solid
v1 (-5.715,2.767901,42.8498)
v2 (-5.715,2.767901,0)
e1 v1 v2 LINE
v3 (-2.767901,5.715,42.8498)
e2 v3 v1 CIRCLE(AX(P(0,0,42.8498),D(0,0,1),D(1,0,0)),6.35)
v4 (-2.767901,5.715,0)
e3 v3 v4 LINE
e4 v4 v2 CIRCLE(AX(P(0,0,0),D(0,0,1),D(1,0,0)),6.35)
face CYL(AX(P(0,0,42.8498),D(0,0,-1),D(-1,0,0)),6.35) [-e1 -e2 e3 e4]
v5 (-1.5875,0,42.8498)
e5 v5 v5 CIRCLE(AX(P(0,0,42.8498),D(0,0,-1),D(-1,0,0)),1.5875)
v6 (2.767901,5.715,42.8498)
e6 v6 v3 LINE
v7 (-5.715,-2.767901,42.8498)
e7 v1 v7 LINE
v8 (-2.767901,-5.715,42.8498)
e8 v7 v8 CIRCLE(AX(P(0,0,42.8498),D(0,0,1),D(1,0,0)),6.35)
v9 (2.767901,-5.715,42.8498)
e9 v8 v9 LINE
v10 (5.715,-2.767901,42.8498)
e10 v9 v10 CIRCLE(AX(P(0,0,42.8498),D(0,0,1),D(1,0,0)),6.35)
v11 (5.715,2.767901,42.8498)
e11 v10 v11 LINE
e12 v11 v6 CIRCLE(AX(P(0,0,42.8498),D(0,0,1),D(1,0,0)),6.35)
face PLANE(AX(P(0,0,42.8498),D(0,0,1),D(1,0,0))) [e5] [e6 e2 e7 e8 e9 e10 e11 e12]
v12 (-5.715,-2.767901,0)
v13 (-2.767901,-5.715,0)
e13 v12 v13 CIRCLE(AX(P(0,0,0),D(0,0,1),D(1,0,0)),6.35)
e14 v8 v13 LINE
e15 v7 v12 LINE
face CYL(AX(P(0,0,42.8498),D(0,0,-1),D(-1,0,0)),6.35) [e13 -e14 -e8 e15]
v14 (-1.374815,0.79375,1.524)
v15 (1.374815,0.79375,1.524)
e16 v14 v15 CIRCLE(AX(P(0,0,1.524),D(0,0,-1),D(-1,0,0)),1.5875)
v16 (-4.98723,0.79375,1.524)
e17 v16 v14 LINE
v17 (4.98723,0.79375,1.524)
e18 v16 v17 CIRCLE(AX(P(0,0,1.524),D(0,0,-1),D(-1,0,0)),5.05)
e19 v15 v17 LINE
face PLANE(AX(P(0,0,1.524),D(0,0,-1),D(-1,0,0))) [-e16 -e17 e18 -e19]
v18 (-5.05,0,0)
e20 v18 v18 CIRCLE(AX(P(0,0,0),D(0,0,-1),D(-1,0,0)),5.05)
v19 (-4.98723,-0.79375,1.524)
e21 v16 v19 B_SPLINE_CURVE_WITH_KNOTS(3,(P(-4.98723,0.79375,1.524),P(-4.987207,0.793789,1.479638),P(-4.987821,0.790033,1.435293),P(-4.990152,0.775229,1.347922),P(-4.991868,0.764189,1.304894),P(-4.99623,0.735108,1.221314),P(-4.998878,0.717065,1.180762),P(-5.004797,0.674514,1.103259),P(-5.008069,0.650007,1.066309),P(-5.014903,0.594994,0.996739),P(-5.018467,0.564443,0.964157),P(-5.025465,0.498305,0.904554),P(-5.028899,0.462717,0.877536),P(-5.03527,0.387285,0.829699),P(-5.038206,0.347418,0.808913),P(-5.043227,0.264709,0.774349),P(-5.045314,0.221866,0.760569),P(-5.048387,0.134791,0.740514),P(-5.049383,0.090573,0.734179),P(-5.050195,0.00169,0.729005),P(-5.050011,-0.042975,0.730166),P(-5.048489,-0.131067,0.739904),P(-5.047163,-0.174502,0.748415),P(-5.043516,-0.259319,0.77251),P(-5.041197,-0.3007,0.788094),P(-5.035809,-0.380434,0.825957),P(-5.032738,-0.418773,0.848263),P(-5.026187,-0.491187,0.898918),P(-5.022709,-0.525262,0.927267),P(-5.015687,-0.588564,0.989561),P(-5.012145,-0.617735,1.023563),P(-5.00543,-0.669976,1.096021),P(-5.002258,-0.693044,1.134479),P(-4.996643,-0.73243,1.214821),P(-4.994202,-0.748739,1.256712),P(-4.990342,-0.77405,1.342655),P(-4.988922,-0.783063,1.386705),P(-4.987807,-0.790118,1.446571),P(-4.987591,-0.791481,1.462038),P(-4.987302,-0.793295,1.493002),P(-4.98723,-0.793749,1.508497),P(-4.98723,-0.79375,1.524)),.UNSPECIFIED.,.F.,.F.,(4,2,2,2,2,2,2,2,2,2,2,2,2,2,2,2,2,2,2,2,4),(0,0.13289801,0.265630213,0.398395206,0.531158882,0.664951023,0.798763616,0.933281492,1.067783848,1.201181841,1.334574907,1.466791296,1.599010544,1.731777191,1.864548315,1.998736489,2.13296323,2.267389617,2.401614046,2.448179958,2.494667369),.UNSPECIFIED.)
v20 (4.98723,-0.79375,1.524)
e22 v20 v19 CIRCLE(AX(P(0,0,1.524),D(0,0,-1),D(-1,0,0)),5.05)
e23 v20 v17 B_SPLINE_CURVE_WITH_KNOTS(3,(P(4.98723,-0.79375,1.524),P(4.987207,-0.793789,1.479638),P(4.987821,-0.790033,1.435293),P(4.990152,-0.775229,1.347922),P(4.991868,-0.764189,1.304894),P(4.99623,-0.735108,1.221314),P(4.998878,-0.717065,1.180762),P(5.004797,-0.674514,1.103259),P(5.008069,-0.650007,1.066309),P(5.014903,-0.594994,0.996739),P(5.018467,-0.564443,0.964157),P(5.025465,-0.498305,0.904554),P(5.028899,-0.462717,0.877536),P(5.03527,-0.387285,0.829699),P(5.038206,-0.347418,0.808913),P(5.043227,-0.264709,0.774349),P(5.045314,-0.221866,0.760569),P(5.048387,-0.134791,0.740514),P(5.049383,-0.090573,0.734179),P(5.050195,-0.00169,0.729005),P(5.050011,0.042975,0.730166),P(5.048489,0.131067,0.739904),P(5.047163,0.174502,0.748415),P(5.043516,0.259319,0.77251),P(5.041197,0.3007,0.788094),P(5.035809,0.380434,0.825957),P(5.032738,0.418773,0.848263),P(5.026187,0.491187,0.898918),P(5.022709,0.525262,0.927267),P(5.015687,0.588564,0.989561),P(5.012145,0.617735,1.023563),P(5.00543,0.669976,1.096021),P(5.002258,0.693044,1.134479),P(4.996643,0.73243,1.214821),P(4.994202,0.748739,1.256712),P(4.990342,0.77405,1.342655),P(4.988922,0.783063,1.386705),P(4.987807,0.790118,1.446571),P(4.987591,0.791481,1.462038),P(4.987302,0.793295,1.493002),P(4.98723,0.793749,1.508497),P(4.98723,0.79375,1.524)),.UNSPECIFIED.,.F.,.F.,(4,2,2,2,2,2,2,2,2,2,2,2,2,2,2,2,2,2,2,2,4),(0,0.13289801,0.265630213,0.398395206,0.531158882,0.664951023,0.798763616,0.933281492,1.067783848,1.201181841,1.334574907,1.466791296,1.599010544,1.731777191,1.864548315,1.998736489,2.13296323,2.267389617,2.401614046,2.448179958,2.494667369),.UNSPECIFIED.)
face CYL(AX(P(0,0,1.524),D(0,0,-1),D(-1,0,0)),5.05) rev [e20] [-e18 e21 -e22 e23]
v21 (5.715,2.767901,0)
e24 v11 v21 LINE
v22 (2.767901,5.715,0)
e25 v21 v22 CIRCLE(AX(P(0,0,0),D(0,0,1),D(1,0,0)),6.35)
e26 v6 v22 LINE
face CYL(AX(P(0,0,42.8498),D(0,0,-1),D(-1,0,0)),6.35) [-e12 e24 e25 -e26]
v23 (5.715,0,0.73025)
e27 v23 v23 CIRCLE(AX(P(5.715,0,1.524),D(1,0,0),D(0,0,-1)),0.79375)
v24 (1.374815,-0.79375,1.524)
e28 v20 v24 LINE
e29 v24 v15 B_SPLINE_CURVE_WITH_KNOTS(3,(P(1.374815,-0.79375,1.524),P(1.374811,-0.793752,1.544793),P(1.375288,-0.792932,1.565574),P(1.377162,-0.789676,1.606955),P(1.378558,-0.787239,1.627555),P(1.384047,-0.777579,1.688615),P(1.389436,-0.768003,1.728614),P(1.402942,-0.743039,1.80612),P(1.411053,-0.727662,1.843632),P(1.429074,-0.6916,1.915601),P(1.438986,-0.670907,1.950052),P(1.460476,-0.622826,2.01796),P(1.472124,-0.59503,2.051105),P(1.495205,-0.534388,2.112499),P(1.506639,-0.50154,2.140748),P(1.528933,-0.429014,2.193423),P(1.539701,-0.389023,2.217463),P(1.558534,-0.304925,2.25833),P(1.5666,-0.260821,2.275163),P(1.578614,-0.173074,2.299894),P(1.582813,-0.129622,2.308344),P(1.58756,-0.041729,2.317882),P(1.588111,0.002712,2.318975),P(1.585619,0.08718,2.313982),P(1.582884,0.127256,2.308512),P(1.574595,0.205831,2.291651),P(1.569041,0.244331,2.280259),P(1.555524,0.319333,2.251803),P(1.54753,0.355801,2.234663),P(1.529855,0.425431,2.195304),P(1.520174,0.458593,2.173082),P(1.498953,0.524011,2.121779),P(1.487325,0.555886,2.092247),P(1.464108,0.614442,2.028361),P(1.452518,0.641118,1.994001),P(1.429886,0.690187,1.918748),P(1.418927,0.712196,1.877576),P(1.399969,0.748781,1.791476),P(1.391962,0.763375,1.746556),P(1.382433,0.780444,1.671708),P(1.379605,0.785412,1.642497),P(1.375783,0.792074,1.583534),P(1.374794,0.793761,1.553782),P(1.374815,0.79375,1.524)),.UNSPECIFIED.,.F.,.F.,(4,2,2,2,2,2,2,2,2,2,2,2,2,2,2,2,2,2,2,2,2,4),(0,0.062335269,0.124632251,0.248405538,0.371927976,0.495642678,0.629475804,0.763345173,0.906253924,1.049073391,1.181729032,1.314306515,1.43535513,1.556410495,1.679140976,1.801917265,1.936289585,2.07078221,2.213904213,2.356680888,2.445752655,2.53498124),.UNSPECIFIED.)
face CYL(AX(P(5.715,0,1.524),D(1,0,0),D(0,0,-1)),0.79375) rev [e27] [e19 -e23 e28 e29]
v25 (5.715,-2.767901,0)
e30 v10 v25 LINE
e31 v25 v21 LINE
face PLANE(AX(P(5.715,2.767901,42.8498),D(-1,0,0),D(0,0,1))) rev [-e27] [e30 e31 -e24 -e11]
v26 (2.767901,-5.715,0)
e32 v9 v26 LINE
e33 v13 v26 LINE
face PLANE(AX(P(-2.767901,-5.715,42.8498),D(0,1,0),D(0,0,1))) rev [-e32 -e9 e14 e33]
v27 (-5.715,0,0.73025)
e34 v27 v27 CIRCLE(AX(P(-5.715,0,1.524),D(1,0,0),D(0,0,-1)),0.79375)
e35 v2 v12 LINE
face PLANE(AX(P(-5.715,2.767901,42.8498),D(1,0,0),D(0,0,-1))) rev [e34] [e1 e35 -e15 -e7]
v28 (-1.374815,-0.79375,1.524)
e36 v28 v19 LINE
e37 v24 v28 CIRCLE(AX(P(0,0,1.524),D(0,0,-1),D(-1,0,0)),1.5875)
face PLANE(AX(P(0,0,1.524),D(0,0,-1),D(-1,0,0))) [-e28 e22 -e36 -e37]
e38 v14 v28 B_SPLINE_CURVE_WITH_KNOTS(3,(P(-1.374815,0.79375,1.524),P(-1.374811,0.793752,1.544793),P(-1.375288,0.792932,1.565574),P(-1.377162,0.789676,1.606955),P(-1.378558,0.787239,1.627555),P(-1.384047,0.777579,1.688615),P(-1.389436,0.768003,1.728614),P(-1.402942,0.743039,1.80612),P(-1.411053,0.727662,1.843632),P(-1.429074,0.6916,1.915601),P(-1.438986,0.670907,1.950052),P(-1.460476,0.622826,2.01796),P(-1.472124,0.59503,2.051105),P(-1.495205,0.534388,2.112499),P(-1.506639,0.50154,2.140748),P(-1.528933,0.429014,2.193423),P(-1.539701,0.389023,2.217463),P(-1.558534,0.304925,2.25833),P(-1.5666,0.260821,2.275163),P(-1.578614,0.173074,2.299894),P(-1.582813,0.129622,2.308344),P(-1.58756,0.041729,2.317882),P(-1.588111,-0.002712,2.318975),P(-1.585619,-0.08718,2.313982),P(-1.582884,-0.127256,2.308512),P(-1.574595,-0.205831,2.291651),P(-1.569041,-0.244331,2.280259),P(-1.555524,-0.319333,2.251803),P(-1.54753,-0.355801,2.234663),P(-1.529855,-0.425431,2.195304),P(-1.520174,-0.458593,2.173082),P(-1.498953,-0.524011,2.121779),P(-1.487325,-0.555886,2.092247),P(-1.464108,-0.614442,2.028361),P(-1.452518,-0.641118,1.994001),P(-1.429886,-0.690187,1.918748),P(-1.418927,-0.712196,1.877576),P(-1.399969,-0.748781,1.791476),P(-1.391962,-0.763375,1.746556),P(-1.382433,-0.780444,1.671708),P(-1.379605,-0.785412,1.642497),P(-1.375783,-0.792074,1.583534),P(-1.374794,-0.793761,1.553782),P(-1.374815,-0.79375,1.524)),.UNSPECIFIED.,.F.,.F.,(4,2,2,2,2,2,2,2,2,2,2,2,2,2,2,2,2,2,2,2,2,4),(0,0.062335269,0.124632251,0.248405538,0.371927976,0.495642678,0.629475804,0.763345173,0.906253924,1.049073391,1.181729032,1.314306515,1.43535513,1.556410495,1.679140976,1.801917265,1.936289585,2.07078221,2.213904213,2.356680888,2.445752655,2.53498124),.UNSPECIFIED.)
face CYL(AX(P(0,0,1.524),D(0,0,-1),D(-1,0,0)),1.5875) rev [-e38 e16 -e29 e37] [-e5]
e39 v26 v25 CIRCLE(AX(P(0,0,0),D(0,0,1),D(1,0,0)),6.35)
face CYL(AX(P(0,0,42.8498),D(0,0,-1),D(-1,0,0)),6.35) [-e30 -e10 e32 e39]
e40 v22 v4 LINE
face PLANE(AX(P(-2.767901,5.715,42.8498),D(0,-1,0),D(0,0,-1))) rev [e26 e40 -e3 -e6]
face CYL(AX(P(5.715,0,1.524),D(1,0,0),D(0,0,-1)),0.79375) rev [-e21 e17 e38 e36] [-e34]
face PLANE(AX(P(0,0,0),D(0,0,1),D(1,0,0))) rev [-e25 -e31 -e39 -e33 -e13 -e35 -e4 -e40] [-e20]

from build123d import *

# Parameters (mm, degrees)
BOSS_EXTRUDE1_DEPTH            = 42.8498
SKETCH4_R                      = 5.05
CUT_EXTRUDE1_DEPTH             = 1.524
F_1_16_0_0625_DIAMETER_HOLE1_D = 1.5875
F_1_8_0_125_DIAMETER_HOLE2_D   = 3.175


with BuildPart() as part:
    # Sketch1 → Boss-Extrude1 (new body)
    with BuildSketch(Plane.XY):
        with BuildLine():
            Line((-2.767900829, 5.715), (2.767900829, 5.715))
            ThreePointArc((2.767900829, 5.715), (4.490128061, 4.490128061), (5.715, 2.767900829))
            Line((5.715, 2.767900829), (5.715, -2.767900829))
            ThreePointArc((5.715, -2.767900829), (4.490128061, -4.490128061), (2.767900829, -5.715))
            Line((2.767900829, -5.715), (-2.767900829, -5.715))
            ThreePointArc((-2.767900829, -5.715), (-4.490128061, -4.490128061), (-5.715, -2.767900829))
            Line((-5.715, -2.767900829), (-5.715, 2.767900829))
            ThreePointArc((-5.715, 2.767900829), (-4.490128061, 4.490128061), (-2.767900829, 5.715))
        make_face()
    extrude(amount=BOSS_EXTRUDE1_DEPTH)

    # Sketch4 → Cut-Extrude1 (cut)
    with BuildSketch(Plane(origin=(0, 0, 0), x_dir=(-1, 0, 0), z_dir=(0, 0, -1))):
        Circle(SKETCH4_R)
    extrude(amount=-CUT_EXTRUDE1_DEPTH, mode=Mode.SUBTRACT)

    # 1/16 (0.0625) Diameter Hole1 (through all)
    with Locations(Plane(origin=(5.715, 0, 0), x_dir=(0, 0, -1), z_dir=(1, 0, 0))):
        with Locations((-1.524, 0)):
            Hole(F_1_16_0_0625_DIAMETER_HOLE1_D / 2)

    # 1/8 (0.125) Diameter Hole2 (through all)
    with Locations(Plane(origin=(0, 0, 1.524), x_dir=(-1, 0, 0), z_dir=(0, 0, -1))):
        with Locations((0, 0)):
            Hole(F_1_8_0_125_DIAMETER_HOLE2_D / 2)


solid = part.part
